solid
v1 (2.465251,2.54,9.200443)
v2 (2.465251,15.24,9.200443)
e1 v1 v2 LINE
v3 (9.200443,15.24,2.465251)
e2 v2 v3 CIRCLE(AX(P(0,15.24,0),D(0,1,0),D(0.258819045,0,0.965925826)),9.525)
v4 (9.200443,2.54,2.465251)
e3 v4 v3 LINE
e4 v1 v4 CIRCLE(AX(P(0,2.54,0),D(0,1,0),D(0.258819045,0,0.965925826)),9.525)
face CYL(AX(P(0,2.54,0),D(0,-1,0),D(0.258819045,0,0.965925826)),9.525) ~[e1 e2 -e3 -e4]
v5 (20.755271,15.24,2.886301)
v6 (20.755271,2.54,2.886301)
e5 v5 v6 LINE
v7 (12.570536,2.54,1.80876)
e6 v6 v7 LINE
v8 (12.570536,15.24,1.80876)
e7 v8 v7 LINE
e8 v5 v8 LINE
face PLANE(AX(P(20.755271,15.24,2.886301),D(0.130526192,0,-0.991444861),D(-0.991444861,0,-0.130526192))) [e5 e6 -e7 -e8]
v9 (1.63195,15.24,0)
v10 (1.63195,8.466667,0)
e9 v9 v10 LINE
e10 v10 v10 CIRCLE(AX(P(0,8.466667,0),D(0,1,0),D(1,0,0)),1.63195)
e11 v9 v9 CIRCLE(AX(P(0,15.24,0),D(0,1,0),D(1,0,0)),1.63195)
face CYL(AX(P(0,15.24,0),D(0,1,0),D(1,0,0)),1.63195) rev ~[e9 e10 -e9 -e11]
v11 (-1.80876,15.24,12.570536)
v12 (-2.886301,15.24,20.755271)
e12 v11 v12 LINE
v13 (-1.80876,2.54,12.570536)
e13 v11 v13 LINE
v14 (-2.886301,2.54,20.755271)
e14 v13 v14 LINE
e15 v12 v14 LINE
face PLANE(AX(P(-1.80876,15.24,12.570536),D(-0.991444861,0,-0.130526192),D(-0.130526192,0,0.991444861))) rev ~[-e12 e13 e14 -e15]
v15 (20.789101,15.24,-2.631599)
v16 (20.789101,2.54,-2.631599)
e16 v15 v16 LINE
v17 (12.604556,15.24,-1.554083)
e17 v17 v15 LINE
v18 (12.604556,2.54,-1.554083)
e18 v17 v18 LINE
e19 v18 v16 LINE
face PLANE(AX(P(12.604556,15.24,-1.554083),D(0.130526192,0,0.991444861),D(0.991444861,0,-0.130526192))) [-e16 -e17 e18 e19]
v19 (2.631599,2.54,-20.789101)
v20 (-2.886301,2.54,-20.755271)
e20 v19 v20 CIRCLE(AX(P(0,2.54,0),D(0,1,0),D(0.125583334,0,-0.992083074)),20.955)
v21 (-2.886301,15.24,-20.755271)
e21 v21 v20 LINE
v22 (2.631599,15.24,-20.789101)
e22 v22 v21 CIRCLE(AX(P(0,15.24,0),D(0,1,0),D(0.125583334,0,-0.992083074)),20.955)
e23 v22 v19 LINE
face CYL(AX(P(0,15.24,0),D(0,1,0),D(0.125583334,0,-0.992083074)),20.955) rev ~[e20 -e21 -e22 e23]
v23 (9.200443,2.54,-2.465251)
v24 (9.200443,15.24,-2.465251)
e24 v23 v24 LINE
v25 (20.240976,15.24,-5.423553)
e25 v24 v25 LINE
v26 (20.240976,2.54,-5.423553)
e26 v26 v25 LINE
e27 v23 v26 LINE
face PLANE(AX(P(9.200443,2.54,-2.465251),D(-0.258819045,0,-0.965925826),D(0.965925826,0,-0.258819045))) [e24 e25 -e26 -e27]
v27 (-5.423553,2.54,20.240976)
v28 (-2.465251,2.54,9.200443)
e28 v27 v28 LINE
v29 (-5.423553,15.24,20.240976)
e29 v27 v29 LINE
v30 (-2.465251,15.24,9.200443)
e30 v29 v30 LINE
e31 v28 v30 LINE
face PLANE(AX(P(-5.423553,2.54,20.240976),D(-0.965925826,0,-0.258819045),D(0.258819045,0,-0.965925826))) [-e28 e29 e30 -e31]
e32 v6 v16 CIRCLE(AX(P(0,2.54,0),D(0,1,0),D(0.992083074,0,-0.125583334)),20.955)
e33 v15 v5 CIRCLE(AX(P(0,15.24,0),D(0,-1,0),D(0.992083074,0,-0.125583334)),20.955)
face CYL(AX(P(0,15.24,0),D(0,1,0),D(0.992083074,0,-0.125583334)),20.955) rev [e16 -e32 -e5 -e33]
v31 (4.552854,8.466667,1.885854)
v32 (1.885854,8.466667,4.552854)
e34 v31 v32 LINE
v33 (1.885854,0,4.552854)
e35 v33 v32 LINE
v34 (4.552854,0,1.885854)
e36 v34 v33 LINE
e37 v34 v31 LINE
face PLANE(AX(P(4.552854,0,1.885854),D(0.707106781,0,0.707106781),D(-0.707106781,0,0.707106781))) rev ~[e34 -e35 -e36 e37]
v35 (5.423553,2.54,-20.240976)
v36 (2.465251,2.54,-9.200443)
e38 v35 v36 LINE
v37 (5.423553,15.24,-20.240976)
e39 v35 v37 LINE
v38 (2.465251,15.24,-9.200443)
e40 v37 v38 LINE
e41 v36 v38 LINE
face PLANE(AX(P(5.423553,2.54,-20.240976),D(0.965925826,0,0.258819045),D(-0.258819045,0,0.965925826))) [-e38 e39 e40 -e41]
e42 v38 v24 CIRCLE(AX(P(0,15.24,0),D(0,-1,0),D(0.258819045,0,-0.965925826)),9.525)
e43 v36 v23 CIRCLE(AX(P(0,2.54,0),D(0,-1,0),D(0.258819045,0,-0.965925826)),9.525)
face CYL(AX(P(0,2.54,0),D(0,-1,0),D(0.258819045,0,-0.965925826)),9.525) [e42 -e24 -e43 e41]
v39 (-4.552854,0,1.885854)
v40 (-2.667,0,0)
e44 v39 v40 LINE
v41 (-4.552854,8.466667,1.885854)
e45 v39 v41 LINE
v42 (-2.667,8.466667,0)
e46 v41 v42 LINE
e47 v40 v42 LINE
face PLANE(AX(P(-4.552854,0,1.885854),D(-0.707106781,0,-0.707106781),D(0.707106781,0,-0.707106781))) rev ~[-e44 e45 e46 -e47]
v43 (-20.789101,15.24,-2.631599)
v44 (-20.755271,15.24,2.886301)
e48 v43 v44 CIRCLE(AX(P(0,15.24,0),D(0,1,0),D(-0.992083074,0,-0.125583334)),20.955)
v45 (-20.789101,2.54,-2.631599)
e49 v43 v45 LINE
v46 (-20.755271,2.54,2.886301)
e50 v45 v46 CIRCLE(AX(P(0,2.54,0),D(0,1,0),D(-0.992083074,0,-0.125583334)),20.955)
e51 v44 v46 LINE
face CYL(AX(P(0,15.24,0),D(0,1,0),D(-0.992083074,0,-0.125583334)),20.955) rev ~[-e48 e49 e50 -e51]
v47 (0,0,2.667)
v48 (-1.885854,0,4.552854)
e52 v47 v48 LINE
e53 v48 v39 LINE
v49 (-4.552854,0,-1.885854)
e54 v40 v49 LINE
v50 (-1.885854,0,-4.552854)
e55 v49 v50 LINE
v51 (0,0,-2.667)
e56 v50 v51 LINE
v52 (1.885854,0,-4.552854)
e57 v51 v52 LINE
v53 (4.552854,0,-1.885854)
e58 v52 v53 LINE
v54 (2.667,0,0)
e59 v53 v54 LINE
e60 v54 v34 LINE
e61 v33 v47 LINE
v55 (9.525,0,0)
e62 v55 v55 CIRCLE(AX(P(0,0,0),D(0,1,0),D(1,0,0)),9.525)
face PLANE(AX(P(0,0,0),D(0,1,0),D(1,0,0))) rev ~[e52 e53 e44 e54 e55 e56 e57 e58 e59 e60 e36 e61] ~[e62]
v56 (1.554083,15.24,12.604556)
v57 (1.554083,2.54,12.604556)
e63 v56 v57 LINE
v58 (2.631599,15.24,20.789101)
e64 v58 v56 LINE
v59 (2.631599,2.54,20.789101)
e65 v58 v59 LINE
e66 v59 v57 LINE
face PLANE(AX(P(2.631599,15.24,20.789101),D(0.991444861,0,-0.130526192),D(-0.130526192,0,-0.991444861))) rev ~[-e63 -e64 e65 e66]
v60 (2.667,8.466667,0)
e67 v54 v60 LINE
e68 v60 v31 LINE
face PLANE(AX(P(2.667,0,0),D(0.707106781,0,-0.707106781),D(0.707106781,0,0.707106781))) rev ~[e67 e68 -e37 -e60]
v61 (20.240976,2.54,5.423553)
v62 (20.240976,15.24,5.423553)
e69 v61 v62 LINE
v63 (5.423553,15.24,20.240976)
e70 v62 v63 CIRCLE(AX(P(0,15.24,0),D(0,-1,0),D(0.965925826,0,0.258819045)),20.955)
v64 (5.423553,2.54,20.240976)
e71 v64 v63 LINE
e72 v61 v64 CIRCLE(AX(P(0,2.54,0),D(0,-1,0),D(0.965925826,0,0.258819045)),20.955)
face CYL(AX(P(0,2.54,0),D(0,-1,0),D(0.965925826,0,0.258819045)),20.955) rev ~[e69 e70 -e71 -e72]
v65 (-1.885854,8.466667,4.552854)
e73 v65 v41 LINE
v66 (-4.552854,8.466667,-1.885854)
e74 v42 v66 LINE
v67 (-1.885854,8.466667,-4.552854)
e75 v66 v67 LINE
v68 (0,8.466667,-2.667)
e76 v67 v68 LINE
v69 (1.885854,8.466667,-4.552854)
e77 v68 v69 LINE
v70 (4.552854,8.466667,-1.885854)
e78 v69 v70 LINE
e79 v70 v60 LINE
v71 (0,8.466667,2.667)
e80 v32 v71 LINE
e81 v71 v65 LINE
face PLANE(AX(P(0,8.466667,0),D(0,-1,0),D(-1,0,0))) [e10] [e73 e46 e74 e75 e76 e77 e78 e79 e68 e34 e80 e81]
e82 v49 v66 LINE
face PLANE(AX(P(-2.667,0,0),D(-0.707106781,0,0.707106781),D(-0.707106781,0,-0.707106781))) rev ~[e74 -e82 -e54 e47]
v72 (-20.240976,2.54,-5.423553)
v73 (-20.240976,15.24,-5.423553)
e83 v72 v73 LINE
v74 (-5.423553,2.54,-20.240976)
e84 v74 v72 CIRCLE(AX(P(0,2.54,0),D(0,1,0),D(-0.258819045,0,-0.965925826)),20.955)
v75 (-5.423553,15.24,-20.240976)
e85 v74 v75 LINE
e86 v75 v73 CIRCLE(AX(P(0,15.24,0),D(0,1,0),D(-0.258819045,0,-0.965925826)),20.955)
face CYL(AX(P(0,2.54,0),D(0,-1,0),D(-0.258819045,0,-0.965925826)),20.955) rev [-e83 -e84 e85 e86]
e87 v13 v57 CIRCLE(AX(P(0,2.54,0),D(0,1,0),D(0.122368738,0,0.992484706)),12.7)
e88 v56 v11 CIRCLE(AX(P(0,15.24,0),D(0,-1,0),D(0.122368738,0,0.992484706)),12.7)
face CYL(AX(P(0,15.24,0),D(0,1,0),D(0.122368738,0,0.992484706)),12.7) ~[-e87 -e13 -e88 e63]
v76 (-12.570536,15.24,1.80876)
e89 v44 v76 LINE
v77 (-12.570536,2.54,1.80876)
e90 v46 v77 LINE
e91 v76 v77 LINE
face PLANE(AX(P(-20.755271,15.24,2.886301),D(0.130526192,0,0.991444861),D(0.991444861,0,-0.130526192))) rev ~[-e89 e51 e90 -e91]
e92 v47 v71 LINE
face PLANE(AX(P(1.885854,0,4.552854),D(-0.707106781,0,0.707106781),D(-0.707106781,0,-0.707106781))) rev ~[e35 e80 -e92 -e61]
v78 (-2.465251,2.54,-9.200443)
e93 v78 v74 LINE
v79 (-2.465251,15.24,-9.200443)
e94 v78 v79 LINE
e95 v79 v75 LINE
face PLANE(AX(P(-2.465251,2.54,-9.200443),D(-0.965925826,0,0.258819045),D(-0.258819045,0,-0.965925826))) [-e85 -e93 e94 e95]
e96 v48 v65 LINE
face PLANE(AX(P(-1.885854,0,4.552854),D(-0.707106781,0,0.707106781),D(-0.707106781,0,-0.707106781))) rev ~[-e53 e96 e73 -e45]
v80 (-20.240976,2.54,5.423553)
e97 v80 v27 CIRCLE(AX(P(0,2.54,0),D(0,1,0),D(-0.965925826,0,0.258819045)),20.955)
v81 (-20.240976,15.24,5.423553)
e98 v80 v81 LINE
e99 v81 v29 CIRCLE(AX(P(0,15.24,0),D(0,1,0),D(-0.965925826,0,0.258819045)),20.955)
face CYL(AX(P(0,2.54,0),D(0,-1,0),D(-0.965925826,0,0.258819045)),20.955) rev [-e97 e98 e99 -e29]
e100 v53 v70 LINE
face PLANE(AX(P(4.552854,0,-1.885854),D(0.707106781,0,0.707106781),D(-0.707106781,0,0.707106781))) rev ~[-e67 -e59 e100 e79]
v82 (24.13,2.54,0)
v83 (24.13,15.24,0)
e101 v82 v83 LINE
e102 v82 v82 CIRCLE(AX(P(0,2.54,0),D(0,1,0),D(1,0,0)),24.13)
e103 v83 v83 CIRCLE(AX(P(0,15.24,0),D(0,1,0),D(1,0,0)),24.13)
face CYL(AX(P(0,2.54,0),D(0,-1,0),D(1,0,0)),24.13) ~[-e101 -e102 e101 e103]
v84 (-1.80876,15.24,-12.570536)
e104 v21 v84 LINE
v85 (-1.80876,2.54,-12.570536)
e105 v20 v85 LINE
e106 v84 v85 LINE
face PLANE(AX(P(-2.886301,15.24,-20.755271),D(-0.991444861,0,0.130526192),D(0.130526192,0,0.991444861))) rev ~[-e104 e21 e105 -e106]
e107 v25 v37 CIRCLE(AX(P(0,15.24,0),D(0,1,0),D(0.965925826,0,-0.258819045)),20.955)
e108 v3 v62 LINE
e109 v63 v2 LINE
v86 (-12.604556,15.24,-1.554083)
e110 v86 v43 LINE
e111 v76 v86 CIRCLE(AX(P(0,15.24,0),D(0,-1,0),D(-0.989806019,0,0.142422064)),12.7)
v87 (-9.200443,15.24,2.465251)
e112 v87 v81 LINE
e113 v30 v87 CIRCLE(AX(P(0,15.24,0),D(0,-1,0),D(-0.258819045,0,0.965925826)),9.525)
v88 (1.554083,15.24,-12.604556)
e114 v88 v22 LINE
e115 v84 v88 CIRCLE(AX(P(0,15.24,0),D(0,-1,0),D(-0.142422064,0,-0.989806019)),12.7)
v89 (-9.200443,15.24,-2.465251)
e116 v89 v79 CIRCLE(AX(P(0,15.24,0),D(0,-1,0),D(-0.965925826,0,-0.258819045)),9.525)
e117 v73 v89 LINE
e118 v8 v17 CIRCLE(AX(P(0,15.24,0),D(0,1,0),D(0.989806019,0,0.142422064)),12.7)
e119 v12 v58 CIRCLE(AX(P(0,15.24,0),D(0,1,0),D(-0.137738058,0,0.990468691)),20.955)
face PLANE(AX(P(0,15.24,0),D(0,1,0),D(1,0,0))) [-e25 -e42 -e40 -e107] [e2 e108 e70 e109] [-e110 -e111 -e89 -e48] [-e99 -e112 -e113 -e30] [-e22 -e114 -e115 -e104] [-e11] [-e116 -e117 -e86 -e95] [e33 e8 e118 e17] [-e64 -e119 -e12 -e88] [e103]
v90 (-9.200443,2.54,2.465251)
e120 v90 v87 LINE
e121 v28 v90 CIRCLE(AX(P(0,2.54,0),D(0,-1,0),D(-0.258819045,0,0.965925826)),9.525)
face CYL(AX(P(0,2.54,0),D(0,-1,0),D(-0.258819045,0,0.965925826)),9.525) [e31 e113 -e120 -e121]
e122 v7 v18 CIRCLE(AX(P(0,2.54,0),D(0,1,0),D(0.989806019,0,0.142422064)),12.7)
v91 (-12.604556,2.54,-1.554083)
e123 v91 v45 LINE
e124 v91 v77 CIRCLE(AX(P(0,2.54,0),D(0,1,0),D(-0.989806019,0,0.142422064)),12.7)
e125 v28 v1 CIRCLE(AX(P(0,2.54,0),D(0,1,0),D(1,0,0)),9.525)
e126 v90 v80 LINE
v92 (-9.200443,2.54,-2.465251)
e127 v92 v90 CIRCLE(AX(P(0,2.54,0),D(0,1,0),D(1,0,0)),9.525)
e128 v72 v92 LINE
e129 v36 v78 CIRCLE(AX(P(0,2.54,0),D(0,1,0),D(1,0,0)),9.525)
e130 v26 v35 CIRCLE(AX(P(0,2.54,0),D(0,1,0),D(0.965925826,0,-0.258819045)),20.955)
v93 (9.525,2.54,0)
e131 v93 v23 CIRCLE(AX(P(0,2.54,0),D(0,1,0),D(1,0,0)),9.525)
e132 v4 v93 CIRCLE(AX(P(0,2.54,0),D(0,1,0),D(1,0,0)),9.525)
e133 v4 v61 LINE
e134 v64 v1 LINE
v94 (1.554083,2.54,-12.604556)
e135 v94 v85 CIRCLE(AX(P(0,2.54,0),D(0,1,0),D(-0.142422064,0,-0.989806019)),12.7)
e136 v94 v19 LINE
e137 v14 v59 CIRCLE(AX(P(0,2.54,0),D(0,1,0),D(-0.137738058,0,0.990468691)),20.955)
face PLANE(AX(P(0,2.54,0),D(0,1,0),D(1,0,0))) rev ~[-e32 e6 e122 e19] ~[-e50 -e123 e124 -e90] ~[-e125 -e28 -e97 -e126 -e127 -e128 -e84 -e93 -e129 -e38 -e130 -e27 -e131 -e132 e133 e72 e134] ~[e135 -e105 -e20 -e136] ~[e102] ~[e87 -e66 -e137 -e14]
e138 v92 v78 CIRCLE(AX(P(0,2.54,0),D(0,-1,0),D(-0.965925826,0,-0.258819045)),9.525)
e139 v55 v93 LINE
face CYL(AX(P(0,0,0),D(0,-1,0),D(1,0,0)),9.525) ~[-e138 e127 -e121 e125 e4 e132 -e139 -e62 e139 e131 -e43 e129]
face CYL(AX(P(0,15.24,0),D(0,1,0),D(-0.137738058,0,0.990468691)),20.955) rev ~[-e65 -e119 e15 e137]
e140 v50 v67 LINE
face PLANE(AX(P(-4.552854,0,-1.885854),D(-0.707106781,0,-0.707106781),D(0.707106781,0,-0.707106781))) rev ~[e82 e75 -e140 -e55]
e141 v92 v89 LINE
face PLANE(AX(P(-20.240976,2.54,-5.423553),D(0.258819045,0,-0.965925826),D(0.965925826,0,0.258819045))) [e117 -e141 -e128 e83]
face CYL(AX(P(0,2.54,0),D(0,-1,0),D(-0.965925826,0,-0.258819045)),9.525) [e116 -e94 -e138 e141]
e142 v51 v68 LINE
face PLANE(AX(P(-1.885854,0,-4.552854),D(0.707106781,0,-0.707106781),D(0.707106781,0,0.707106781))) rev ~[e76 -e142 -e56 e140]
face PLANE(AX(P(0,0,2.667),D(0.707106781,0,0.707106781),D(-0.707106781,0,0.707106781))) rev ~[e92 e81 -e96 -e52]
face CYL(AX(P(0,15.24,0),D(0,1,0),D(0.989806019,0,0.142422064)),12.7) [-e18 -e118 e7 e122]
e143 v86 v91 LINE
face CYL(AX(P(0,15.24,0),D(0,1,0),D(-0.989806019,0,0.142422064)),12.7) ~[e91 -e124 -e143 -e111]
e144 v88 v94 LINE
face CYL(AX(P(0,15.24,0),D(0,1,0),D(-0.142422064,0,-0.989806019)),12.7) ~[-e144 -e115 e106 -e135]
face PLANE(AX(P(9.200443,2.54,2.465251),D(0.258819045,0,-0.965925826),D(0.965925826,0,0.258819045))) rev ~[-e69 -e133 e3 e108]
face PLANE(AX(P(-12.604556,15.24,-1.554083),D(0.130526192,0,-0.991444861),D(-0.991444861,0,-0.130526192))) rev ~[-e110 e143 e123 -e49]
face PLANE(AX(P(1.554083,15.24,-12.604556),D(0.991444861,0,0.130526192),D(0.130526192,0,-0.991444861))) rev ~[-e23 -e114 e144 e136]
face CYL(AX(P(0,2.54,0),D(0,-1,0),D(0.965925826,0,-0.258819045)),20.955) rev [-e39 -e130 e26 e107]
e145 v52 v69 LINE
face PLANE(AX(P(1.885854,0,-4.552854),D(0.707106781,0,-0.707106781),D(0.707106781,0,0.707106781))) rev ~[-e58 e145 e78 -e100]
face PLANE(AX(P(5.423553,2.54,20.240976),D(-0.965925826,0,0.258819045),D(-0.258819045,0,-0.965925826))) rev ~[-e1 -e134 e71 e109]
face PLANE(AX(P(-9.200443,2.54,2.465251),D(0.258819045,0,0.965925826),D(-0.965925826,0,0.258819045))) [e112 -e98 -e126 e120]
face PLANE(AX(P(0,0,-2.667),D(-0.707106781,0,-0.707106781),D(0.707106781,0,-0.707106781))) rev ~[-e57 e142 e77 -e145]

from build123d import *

# Parameters (mm, degrees)
SKETCH1_R           = 9.525
BOSS_EXTRUDE1_DEPTH = 2.54
SKETCH3_R           = 24.13
BOSS_EXTRUDE2_DEPTH = 12.7
CUT_EXTRUDE2_DEPTH  = 16.24
CUT_EXTRUDE3_DEPTH  = 8.466666667
SKETCH5_R           = 1.63195
CUT_EXTRUDE4_DEPTH  = 16.24


with BuildPart() as part:
    # Sketch1 → Boss-Extrude1 (new body)
    with BuildSketch(Plane(origin=(0, 0, 0), x_dir=(1, 0, 0), z_dir=(0, 1, 0))):
        Circle(SKETCH1_R)
    extrude(amount=BOSS_EXTRUDE1_DEPTH)

    # Sketch3 → Boss-Extrude2 (add)
    with BuildSketch(Plane(origin=(0, 2.54, 0), x_dir=(1, 0, 0), z_dir=(0, 1, 0))):
        Circle(SKETCH3_R)
        with BuildLine():
            Line((-2.465251405, 9.200443495), (-5.42355309, 20.24097569))
            ThreePointArc((-5.42355309, 20.24097569), (-14.8174226, 14.8174226), (-20.24097569, 5.42355309))
            Line((-20.24097569, 5.42355309), (-9.200443495, 2.465251405))
            ThreePointArc((-9.200443495, 2.465251405), (-6.735192091, 6.735192091), (-2.465251405, 9.200443495))
        make_face(mode=Mode.SUBTRACT)
        with BuildLine():
            Line((9.200443495, 2.465251405), (20.24097569, 5.42355309))
            ThreePointArc((20.24097569, 5.42355309), (14.8174226, 14.8174226), (5.42355309, 20.24097569))
            Line((5.42355309, 20.24097569), (2.465251405, 9.200443495))
            ThreePointArc((2.465251405, 9.200443495), (6.735192091, 6.735192091), (9.200443495, 2.465251405))
        make_face(mode=Mode.SUBTRACT)
        with BuildLine():
            Line((9.200443495, -2.465251405), (20.24097569, -5.42355309))
            ThreePointArc((20.24097569, -5.42355309), (14.8174226, -14.8174226), (5.42355309, -20.24097569))
            Line((5.42355309, -20.24097569), (2.465251405, -9.200443495))
            ThreePointArc((2.465251405, -9.200443495), (6.735192091, -6.735192091), (9.200443495, -2.465251405))
        make_face(mode=Mode.SUBTRACT)
        with BuildLine():
            Line((-9.200443495, -2.465251405), (-20.24097569, -5.42355309))
            ThreePointArc((-20.24097569, -5.42355309), (-14.8174226, -14.8174226), (-5.42355309, -20.24097569))
            Line((-5.42355309, -20.24097569), (-2.465251405, -9.200443495))
            ThreePointArc((-2.465251405, -9.200443495), (-6.735192091, -6.735192091), (-9.200443495, -2.465251405))
        make_face(mode=Mode.SUBTRACT)
    extrude(amount=BOSS_EXTRUDE2_DEPTH)

    # Sketch4 → Cut-Extrude2 (cut, through all)
    with BuildSketch(Plane(origin=(0, 15.24, 0), x_dir=(1, 0, 0), z_dir=(0, 1, 0))):
        with BuildLine():
            Line((12.604555768, 1.554082971), (20.78910082, 2.631598769))
            ThreePointArc((20.78910082, 2.631598769), (20.95460619, -0.128469511), (20.755271414, -2.886301011))
            Line((20.755271414, -2.886301011), (12.570536445, -1.80876021))
            ThreePointArc((12.570536445, -1.80876021), (12.699350202, -0.128469656), (12.604555768, 1.554082971))
        make_face()
        with BuildLine():
            Line((-12.604555768, 1.554082971), (-20.78910082, 2.631598769))
            ThreePointArc((-20.78910082, 2.631598769), (-20.95460619, -0.128469511), (-20.755271414, -2.886301011))
            Line((-20.755271414, -2.886301011), (-12.570536445, -1.80876021))
            ThreePointArc((-12.570536445, -1.80876021), (-12.699350202, -0.128469656), (-12.604555768, 1.554082971))
        make_face()
        with BuildLine():
            Line((1.554082971, 12.604555768), (2.631598769, 20.78910082))
            ThreePointArc((2.631598769, 20.78910082), (-0.128469511, 20.95460619), (-2.886301011, 20.755271414))
            Line((-2.886301011, 20.755271414), (-1.80876021, 12.570536445))
            ThreePointArc((-1.80876021, 12.570536445), (-0.128469656, 12.699350202), (1.554082971, 12.604555768))
        make_face()
        with BuildLine():
            Line((-1.80876021, -12.570536445), (-2.886301011, -20.755271414))
            ThreePointArc((-2.886301011, -20.755271414), (-0.128469511, -20.95460619), (2.631598769, -20.78910082))
            Line((2.631598769, -20.78910082), (1.554082971, -12.604555768))
            ThreePointArc((1.554082971, -12.604555768), (-0.128469656, -12.699350202), (-1.80876021, -12.570536445))
        make_face()
    extrude(amount=-CUT_EXTRUDE2_DEPTH, mode=Mode.SUBTRACT)

    # Sketch2 → Cut-Extrude3 (cut)
    with BuildSketch(Plane(origin=(0, 0, 0), x_dir=(1, 0, 0), z_dir=(0, 1, 0))):
        Polygon((-4.552853785, 1.885853785), (-1.885853785, 4.552853785), (0, 2.667), (1.885853785, 4.552853785), (4.552853785, 1.885853785), (2.667, 0), (4.552853785, -1.885853785), (1.885853785, -4.552853785), (0, -2.667), (-1.885853785, -4.552853785), (-4.552853785, -1.885853785), (-2.667, 0), align=None)
    extrude(amount=CUT_EXTRUDE3_DEPTH, mode=Mode.SUBTRACT)

    # Sketch5 → Cut-Extrude4 (cut, through all)
    with BuildSketch(Plane(origin=(0, 15.24, 0), x_dir=(1, 0, 0), z_dir=(0, 1, 0))):
        Circle(SKETCH5_R)
    extrude(amount=-CUT_EXTRUDE4_DEPTH, mode=Mode.SUBTRACT)


solid = part.part
